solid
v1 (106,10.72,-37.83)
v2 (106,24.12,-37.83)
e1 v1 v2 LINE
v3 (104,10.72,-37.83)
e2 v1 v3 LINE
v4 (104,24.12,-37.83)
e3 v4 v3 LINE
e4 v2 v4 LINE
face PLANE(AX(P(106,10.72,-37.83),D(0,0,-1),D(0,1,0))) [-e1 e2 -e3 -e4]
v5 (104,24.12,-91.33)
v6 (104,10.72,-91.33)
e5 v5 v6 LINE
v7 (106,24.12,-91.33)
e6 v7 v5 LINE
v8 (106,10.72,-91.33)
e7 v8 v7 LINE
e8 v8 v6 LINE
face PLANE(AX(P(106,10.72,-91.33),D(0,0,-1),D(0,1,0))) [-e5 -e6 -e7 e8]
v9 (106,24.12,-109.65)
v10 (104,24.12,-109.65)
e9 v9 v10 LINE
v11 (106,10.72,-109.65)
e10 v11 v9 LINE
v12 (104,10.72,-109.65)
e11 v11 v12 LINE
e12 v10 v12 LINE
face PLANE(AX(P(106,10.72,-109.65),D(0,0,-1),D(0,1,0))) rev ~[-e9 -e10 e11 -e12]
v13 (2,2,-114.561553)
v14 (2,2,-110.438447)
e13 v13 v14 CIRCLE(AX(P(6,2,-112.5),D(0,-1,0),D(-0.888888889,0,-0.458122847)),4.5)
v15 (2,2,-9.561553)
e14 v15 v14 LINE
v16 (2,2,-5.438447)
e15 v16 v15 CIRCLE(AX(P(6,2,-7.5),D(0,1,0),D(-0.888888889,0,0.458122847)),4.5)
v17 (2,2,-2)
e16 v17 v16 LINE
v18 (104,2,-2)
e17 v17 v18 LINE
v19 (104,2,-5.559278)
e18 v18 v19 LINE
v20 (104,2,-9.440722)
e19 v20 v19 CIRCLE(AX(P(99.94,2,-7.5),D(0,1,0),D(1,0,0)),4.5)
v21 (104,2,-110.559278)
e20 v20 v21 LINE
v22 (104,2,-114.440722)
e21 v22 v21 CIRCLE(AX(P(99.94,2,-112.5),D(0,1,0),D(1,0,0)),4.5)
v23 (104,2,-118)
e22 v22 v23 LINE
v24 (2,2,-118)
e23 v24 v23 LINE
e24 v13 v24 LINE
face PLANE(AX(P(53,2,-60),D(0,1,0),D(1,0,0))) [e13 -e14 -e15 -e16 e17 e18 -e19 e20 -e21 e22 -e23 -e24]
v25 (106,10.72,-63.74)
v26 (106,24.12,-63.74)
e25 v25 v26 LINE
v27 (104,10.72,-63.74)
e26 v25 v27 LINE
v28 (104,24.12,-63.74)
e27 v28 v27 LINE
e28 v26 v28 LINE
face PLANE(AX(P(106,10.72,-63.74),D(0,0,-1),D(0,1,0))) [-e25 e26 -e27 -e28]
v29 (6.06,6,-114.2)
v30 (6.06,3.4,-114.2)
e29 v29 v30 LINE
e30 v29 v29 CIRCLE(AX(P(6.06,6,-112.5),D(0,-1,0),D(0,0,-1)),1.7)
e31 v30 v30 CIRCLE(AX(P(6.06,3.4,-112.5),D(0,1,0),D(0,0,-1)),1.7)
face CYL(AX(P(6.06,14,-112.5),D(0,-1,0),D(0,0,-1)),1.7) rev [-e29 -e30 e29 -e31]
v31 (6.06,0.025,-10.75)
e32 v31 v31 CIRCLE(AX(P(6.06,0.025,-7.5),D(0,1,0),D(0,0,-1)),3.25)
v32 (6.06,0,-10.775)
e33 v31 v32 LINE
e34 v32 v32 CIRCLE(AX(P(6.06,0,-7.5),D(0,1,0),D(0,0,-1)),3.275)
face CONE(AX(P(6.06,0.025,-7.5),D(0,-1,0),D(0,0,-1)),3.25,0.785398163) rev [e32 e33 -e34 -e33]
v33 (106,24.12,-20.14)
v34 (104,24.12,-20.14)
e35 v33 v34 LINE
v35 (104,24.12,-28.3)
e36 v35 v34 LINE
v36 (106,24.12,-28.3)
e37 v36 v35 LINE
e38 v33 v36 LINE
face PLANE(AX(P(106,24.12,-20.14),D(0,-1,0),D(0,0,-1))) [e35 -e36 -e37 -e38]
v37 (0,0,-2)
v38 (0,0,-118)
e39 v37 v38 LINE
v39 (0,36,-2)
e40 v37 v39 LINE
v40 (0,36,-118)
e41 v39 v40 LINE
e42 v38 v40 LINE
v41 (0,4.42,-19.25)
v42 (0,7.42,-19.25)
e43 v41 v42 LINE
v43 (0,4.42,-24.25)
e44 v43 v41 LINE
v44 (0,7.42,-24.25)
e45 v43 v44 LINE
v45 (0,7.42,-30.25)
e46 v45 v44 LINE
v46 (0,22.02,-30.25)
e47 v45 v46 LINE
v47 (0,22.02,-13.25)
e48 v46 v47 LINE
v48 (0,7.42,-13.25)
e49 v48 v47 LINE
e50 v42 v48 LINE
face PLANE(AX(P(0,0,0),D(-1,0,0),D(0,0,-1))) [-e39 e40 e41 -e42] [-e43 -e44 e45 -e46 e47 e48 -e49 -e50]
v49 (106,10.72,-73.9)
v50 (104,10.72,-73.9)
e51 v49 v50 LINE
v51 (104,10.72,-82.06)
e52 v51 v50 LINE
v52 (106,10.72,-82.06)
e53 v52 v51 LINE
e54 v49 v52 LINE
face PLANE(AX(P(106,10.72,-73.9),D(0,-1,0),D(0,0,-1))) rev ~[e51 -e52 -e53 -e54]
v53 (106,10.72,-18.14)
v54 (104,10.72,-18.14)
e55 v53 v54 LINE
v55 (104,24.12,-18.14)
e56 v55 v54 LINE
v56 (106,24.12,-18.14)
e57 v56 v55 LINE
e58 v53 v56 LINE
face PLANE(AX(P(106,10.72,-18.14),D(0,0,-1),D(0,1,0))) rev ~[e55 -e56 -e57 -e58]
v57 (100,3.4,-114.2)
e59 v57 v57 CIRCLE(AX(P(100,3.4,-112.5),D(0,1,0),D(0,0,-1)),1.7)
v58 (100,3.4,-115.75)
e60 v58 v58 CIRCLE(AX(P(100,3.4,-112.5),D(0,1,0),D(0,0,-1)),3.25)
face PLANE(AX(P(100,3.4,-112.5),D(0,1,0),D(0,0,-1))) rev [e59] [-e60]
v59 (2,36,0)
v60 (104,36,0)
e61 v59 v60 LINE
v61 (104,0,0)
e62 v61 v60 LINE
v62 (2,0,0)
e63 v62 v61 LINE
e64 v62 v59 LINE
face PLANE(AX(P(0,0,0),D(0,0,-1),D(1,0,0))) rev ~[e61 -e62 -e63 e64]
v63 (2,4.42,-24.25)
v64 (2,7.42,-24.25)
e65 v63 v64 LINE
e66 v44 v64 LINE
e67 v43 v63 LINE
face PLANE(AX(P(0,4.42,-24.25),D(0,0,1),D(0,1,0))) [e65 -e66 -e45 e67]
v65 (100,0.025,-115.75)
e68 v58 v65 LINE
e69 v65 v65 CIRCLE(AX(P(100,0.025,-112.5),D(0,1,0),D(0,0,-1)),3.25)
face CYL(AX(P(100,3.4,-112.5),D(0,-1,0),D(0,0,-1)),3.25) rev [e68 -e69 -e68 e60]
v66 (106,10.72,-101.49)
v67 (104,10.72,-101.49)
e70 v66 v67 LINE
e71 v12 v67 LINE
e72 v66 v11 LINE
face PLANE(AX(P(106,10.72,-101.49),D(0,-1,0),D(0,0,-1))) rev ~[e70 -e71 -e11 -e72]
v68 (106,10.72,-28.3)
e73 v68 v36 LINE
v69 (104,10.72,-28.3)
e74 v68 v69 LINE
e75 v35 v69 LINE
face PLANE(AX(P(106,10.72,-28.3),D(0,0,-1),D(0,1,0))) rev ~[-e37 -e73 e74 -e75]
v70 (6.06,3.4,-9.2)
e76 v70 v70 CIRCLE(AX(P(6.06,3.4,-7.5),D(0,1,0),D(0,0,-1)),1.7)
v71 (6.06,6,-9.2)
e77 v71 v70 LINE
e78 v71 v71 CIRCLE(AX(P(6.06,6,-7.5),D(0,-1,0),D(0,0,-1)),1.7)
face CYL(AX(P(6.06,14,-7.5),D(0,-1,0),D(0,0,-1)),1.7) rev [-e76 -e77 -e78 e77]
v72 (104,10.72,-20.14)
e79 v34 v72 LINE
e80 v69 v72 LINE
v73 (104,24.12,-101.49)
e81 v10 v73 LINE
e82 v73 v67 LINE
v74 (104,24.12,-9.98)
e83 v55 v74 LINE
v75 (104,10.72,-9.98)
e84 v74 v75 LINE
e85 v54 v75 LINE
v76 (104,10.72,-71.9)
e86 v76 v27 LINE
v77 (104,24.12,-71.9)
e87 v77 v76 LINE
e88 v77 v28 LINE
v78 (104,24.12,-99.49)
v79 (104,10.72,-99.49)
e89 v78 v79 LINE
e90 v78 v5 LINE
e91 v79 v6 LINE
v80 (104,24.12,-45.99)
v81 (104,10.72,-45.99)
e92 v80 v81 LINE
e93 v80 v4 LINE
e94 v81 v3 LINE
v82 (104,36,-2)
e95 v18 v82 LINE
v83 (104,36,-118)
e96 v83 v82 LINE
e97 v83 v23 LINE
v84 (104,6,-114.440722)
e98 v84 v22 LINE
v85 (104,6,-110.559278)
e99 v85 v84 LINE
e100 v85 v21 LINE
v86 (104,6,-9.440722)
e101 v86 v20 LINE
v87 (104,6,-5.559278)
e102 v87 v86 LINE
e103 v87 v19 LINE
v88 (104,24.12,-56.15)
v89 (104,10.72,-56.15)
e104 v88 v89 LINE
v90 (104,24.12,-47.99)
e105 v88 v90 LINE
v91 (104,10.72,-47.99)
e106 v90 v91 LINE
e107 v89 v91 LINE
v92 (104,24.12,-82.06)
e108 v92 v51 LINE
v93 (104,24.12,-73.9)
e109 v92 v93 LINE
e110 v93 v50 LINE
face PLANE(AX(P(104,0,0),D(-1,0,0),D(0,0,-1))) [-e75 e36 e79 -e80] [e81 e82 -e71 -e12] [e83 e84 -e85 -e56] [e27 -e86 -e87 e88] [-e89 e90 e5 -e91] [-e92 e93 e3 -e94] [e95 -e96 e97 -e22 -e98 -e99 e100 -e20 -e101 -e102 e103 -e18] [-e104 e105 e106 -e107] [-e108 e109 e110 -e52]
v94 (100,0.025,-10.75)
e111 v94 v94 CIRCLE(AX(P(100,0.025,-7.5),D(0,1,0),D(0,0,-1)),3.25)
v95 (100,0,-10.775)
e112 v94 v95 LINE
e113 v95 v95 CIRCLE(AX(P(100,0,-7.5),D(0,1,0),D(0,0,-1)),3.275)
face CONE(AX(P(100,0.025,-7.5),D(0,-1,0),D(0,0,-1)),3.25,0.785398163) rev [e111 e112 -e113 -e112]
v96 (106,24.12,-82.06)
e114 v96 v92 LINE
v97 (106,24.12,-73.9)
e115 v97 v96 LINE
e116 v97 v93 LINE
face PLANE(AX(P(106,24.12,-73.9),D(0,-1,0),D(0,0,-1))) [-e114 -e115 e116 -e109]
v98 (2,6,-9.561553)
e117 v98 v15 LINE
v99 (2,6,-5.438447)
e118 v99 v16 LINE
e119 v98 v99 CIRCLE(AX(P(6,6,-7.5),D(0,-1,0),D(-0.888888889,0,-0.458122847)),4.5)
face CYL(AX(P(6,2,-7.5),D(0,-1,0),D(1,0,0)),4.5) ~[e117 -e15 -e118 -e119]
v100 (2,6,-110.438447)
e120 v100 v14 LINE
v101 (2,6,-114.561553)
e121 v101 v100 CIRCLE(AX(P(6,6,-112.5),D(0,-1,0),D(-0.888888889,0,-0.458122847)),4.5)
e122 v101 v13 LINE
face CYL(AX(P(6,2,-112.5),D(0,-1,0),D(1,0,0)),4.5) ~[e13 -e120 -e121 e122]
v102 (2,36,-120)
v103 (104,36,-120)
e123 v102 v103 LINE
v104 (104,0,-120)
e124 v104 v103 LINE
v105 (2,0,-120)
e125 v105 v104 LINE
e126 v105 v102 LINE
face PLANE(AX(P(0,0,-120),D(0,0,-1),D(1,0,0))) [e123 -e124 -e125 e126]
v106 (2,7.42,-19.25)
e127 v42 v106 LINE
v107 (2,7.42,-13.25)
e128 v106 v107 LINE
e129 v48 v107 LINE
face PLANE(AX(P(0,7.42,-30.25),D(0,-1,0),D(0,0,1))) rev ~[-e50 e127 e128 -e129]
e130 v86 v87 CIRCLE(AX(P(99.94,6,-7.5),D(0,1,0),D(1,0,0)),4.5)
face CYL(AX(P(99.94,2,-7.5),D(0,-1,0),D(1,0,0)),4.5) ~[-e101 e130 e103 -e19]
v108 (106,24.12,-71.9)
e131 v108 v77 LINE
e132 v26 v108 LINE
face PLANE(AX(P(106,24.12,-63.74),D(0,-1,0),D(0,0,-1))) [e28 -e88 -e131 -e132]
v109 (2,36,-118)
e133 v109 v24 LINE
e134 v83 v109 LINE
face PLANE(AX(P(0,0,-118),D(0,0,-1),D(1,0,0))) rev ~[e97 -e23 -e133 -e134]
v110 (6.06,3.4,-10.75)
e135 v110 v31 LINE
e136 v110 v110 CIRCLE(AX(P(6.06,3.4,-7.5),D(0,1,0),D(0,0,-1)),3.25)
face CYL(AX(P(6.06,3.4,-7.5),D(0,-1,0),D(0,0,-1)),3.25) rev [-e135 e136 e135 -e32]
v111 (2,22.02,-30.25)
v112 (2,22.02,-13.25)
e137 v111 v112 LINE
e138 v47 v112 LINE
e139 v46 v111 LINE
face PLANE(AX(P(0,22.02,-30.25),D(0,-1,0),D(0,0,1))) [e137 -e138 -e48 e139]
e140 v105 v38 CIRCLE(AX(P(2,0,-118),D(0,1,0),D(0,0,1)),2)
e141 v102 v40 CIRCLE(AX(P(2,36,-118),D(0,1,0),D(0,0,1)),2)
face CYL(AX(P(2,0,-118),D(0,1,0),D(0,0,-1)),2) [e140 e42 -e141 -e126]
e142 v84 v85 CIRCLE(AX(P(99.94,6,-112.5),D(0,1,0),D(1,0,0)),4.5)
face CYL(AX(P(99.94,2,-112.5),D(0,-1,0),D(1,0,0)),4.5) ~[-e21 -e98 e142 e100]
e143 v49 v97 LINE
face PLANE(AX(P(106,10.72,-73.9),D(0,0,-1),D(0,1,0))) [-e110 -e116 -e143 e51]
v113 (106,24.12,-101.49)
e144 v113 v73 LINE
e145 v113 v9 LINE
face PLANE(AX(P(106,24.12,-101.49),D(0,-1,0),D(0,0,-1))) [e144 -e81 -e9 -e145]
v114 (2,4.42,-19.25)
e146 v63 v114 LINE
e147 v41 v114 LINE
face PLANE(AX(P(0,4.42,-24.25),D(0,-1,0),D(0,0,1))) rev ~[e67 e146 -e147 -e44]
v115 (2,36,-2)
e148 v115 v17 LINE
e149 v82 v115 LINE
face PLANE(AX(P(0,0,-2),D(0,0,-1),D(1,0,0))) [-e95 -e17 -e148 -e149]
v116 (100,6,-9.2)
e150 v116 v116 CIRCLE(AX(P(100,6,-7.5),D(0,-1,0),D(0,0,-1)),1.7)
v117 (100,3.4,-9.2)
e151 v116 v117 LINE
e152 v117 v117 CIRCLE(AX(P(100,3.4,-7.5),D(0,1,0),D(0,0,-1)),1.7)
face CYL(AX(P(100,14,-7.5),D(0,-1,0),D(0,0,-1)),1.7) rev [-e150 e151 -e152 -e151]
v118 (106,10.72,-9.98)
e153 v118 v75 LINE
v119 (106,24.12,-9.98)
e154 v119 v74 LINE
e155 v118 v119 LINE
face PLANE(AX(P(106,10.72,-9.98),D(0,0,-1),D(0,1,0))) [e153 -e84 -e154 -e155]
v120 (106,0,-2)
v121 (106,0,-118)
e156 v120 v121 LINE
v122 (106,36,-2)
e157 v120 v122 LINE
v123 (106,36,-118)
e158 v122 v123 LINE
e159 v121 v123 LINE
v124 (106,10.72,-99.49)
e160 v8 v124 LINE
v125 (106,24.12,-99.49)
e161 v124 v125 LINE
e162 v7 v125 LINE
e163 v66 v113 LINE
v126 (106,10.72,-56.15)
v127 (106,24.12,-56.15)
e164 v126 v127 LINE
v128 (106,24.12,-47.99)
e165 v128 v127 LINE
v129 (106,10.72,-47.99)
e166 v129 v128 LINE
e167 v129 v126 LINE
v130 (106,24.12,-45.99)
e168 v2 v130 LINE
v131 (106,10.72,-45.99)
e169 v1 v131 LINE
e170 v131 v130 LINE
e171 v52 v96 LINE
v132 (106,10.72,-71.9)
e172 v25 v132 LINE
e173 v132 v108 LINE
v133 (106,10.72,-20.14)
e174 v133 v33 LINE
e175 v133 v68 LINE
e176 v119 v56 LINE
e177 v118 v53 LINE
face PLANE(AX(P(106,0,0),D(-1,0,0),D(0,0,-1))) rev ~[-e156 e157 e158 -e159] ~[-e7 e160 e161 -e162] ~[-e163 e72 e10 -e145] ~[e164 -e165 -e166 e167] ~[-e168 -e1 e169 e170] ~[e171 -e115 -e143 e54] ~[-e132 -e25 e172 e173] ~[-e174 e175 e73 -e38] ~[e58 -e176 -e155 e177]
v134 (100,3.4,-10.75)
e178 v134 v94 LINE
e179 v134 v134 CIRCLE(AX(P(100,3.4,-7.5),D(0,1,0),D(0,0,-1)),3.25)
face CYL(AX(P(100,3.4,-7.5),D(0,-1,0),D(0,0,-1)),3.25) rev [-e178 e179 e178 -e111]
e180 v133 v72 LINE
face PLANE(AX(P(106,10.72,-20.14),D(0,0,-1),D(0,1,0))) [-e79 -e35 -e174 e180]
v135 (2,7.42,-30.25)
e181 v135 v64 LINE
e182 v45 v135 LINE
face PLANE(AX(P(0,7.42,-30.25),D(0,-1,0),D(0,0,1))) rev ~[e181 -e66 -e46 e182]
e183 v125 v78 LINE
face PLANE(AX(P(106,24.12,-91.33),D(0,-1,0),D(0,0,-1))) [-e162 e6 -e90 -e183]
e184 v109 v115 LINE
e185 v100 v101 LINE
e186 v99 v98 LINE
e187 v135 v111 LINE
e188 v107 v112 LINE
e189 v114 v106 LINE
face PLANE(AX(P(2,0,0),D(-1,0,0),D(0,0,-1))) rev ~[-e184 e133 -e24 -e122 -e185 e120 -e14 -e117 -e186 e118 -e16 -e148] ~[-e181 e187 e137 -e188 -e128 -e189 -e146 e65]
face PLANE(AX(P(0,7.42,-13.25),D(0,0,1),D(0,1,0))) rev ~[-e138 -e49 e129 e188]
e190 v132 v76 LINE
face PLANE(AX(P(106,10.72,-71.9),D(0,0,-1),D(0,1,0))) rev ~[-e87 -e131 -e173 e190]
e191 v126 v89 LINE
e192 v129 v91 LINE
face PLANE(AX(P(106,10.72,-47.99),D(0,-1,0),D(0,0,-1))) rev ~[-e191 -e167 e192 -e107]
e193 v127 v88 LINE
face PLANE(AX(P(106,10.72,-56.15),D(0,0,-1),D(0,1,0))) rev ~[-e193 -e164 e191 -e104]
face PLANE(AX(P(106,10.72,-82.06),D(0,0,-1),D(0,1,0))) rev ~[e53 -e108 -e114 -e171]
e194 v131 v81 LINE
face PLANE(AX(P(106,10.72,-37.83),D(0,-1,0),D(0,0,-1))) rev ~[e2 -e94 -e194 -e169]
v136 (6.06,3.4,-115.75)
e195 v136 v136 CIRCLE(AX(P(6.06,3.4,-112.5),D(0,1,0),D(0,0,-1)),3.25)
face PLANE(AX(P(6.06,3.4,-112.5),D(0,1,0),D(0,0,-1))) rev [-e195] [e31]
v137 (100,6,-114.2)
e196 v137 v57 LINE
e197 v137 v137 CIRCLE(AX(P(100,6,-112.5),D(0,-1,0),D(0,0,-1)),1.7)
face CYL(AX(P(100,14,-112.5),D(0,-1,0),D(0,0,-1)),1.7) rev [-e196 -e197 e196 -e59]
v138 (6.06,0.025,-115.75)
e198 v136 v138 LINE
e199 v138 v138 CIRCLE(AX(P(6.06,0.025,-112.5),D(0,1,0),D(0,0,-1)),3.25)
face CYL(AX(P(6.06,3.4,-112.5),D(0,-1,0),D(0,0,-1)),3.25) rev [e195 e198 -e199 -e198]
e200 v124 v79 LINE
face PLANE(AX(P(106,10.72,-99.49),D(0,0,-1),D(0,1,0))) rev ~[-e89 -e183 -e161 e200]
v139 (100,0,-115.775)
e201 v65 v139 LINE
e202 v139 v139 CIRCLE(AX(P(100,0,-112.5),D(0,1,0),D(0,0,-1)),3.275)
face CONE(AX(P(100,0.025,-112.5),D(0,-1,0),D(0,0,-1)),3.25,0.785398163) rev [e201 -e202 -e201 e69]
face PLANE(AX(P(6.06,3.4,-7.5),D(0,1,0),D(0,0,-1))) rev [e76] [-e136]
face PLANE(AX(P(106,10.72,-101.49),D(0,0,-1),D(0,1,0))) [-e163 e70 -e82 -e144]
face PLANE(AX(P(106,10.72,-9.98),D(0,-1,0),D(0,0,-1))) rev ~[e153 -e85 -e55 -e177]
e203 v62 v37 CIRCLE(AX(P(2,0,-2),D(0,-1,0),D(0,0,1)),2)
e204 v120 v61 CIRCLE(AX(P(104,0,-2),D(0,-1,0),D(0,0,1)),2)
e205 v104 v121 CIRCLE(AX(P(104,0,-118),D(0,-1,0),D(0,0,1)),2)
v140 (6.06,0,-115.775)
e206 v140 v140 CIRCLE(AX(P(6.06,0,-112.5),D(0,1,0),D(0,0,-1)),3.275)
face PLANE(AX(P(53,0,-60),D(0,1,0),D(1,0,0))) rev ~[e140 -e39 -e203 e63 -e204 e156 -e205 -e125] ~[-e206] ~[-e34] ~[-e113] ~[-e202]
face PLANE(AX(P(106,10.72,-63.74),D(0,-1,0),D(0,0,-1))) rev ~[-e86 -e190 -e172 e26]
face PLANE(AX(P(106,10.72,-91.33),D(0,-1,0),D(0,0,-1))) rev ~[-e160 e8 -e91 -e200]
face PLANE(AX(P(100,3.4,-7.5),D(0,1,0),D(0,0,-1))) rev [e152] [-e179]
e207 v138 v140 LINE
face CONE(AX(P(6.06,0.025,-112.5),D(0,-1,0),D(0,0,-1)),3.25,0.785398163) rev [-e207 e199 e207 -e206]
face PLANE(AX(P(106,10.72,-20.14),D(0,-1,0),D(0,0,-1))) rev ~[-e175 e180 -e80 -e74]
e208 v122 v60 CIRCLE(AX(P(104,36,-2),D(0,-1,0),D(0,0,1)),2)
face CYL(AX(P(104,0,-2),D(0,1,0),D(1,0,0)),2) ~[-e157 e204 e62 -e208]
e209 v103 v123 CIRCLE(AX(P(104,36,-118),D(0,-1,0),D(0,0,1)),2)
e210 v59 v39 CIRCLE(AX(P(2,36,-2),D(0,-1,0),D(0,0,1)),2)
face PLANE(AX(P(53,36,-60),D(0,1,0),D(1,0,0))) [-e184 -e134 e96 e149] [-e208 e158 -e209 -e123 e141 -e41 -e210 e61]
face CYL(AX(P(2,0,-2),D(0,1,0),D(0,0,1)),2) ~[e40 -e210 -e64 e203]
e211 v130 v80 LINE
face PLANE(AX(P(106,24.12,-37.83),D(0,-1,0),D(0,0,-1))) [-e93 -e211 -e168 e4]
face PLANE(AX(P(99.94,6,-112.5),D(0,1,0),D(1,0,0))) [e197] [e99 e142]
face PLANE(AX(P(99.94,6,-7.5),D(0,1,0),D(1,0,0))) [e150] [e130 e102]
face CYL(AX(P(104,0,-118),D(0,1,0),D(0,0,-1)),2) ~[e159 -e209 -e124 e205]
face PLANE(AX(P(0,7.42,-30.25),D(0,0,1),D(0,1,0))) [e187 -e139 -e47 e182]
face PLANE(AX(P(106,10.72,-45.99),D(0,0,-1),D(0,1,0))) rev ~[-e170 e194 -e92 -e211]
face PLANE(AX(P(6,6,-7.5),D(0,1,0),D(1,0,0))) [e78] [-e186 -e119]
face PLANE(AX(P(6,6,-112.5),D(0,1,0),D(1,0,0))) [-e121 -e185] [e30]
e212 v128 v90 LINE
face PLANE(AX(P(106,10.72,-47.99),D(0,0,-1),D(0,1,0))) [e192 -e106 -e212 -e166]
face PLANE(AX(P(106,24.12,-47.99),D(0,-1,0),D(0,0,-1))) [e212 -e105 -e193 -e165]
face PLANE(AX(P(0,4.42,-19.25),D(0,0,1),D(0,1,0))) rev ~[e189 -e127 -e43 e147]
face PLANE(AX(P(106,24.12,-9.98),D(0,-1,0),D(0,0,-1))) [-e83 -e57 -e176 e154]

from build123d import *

# Parameters (mm, degrees)
SKIZZE1_W                                    = 106
SKIZZE1_H                                    = 120
AUFSATZ_LINEAR_AUSTRAGEN1_DEPTH              = 36
WANDUNG1_T                                   = -2
SKIZZE2_R                                    = 4.5
AUFSATZ_LINEAR_AUSTRAGEN2_DEPTH              = 4
VERRUNDUNG1_R                                = 2
STIRNSENKUNG_F_R_M3_ZYLINDERSCHRAUBE_2_COUNT = 2
STIRNSENKUNG_F_R_M3_ZYLINDERSCHRAUBE_2_PITCH = 140.889047126
STIRNSENKUNG_F_R_M3_ZYLINDERSCHRAUBE_3_COUNT = 2
STIRNSENKUNG_F_R_M3_ZYLINDERSCHRAUBE_3_PITCH = 105
STIRNSENKUNG_F_R_M3_ZYLINDERSCHRAUBE_4_COUNT = 2
STIRNSENKUNG_F_R_M3_ZYLINDERSCHRAUBE_4_PITCH = 93.94
SKIZZE7_W                                    = 17
SKIZZE7_H                                    = 14.6
SCHNITT_LINEAR_AUSTRAGEN1_DEPTH              = 10
SKIZZE8_W                                    = 8.16
SKIZZE8_H                                    = 13.4
SCHNITT_LINEAR_AUSTRAGEN2_DEPTH              = 10
LINEARES_MUSTER2_COUNT                       = 2
LINEARES_MUSTER2_PITCH                       = 27.85
LINEARES_MUSTER3_COUNT                       = 2
LINEARES_MUSTER3_PITCH                       = 53.76
LINEARES_MUSTER4_COUNT                       = 2
LINEARES_MUSTER4_PITCH                       = 81.35
SKIZZE10_W                                   = 5
SKIZZE10_H                                   = 3
SCHNITT_LINEAR_AUSTRAGEN3_DEPTH              = 3


with BuildPart() as part:
    # Skizze1 → Aufsatz-Linear austragen1 (new body)
    with BuildSketch(Plane(origin=(0, 0, 0), x_dir=(1, 0, 0), z_dir=(0, 1, 0))):
        with Locations((53, 60)):
            Rectangle(SKIZZE1_W, SKIZZE1_H)
    extrude(amount=AUFSATZ_LINEAR_AUSTRAGEN1_DEPTH)

    # Wandung1
    wandung1_openings = [part.faces().sort_by_distance(p)[0] for p in [
        (53, 36, -60),
    ]]
    offset(amount=WANDUNG1_T, openings=wandung1_openings, kind=Kind.INTERSECTION)

    # Skizze2 → Aufsatz-Linear austragen2 (add)
    with BuildSketch(Plane(origin=(0, 2, 0), x_dir=(1, 0, 0), z_dir=(0, 1, 0))):
        with Locations((6, 7.5)):
            Circle(SKIZZE2_R)
        with Locations((99.94, 7.5)):
            Circle(SKIZZE2_R)
        with Locations((99.94, 112.5)):
            Circle(SKIZZE2_R)
        with Locations((6, 112.5)):
            Circle(SKIZZE2_R)
    extrude(amount=AUFSATZ_LINEAR_AUSTRAGEN2_DEPTH)

    # Verrundung1
    verrundung1_edges = [part.edges().sort_by_distance(p)[0] for p in [
        (0, 18, -120),
        (106, 18, -120),
        (106, 18, 0),
        (0, 18, 0),
    ]]
    fillet(verrundung1_edges, radius=VERRUNDUNG1_R)

    # Skizze6 → Stirnsenkung für M3 Zylinderschraube mit Innensechskant1 (revolve, cut)
    with BuildSketch(Plane(origin=(100, 0, -7.5), x_dir=(0, 0, -1), z_dir=(1, 0, 0))):
        Polygon((0, 0), (0, 15.021463052), (1.7, 14), (1.7, 3.4), (3.25, 3.4), (3.25, 0.025), (3.275, 0), align=None)
    stirnsenkung_f_r_m3_zylinderschraube_mit = revolve(axis=Axis((100, -6.35, -7.5), (0, 1, 0)), mode=Mode.SUBTRACT)

    # Stirnsenkung f_r M3 Zylinderschraube 2: Stirnsenkung für M3 Zylinderschraube mit Innensechskant1 ×2
    with Locations(*[Vector(-0.6667658126480086, 0, -0.7452673017675208) * (i * STIRNSENKUNG_F_R_M3_ZYLINDERSCHRAUBE_2_PITCH) for i in range(1, STIRNSENKUNG_F_R_M3_ZYLINDERSCHRAUBE_2_COUNT)]):
        add(stirnsenkung_f_r_m3_zylinderschraube_mit, mode=Mode.SUBTRACT)

    # Stirnsenkung f_r M3 Zylinderschraube 3: Stirnsenkung für M3 Zylinderschraube mit Innensechskant1 ×2
    with Locations(*[(0, 0, -i * STIRNSENKUNG_F_R_M3_ZYLINDERSCHRAUBE_3_PITCH) for i in range(1, STIRNSENKUNG_F_R_M3_ZYLINDERSCHRAUBE_3_COUNT)]):
        add(stirnsenkung_f_r_m3_zylinderschraube_mit, mode=Mode.SUBTRACT)

    # Stirnsenkung f_r M3 Zylinderschraube 4: Stirnsenkung für M3 Zylinderschraube mit Innensechskant1 ×2
    with Locations(*[(-i * STIRNSENKUNG_F_R_M3_ZYLINDERSCHRAUBE_4_PITCH, 0, 0) for i in range(1, STIRNSENKUNG_F_R_M3_ZYLINDERSCHRAUBE_4_COUNT)]):
        add(stirnsenkung_f_r_m3_zylinderschraube_mit, mode=Mode.SUBTRACT)

    # Skizze7 → Schnitt-Linear austragen1 (cut)
    with BuildSketch(Plane.ZY):
        with Locations((-21.75, 14.72)):
            Rectangle(SKIZZE7_W, SKIZZE7_H)
    extrude(amount=-SCHNITT_LINEAR_AUSTRAGEN1_DEPTH, mode=Mode.SUBTRACT)

    # Skizze8 → Schnitt-Linear austragen2 (cut)
    with BuildSketch(Plane(origin=(106, 0, 0), x_dir=(0, 0, -1), z_dir=(1, 0, 0))):
        with Locations((14.06, 17.42)):
            Rectangle(SKIZZE8_W, SKIZZE8_H)
        with Locations((24.22, 17.42)):
            Rectangle(SKIZZE8_W, SKIZZE8_H)
    schnitt_linear_austragen2 = extrude(amount=-SCHNITT_LINEAR_AUSTRAGEN2_DEPTH, mode=Mode.SUBTRACT)

    # Lineares Muster2: Schnitt-Linear austragen2 ×2
    with Locations(*[(0, 0, -i * LINEARES_MUSTER2_PITCH) for i in range(1, LINEARES_MUSTER2_COUNT)]):
        add(schnitt_linear_austragen2, mode=Mode.SUBTRACT)

    # Lineares Muster3: Schnitt-Linear austragen2 ×2
    with Locations(*[(0, 0, -i * LINEARES_MUSTER3_PITCH) for i in range(1, LINEARES_MUSTER3_COUNT)]):
        add(schnitt_linear_austragen2, mode=Mode.SUBTRACT)

    # Lineares Muster4: Schnitt-Linear austragen2 ×2
    with Locations(*[(0, 0, -i * LINEARES_MUSTER4_PITCH) for i in range(1, LINEARES_MUSTER4_COUNT)]):
        add(schnitt_linear_austragen2, mode=Mode.SUBTRACT)

    # Skizze10 → Schnitt-Linear austragen3 (cut)
    with BuildSketch(Plane.ZY):
        with Locations((-21.75, 5.92)):
            Rectangle(SKIZZE10_W, SKIZZE10_H)
    extrude(amount=-SCHNITT_LINEAR_AUSTRAGEN3_DEPTH, mode=Mode.SUBTRACT)


solid = part.part
